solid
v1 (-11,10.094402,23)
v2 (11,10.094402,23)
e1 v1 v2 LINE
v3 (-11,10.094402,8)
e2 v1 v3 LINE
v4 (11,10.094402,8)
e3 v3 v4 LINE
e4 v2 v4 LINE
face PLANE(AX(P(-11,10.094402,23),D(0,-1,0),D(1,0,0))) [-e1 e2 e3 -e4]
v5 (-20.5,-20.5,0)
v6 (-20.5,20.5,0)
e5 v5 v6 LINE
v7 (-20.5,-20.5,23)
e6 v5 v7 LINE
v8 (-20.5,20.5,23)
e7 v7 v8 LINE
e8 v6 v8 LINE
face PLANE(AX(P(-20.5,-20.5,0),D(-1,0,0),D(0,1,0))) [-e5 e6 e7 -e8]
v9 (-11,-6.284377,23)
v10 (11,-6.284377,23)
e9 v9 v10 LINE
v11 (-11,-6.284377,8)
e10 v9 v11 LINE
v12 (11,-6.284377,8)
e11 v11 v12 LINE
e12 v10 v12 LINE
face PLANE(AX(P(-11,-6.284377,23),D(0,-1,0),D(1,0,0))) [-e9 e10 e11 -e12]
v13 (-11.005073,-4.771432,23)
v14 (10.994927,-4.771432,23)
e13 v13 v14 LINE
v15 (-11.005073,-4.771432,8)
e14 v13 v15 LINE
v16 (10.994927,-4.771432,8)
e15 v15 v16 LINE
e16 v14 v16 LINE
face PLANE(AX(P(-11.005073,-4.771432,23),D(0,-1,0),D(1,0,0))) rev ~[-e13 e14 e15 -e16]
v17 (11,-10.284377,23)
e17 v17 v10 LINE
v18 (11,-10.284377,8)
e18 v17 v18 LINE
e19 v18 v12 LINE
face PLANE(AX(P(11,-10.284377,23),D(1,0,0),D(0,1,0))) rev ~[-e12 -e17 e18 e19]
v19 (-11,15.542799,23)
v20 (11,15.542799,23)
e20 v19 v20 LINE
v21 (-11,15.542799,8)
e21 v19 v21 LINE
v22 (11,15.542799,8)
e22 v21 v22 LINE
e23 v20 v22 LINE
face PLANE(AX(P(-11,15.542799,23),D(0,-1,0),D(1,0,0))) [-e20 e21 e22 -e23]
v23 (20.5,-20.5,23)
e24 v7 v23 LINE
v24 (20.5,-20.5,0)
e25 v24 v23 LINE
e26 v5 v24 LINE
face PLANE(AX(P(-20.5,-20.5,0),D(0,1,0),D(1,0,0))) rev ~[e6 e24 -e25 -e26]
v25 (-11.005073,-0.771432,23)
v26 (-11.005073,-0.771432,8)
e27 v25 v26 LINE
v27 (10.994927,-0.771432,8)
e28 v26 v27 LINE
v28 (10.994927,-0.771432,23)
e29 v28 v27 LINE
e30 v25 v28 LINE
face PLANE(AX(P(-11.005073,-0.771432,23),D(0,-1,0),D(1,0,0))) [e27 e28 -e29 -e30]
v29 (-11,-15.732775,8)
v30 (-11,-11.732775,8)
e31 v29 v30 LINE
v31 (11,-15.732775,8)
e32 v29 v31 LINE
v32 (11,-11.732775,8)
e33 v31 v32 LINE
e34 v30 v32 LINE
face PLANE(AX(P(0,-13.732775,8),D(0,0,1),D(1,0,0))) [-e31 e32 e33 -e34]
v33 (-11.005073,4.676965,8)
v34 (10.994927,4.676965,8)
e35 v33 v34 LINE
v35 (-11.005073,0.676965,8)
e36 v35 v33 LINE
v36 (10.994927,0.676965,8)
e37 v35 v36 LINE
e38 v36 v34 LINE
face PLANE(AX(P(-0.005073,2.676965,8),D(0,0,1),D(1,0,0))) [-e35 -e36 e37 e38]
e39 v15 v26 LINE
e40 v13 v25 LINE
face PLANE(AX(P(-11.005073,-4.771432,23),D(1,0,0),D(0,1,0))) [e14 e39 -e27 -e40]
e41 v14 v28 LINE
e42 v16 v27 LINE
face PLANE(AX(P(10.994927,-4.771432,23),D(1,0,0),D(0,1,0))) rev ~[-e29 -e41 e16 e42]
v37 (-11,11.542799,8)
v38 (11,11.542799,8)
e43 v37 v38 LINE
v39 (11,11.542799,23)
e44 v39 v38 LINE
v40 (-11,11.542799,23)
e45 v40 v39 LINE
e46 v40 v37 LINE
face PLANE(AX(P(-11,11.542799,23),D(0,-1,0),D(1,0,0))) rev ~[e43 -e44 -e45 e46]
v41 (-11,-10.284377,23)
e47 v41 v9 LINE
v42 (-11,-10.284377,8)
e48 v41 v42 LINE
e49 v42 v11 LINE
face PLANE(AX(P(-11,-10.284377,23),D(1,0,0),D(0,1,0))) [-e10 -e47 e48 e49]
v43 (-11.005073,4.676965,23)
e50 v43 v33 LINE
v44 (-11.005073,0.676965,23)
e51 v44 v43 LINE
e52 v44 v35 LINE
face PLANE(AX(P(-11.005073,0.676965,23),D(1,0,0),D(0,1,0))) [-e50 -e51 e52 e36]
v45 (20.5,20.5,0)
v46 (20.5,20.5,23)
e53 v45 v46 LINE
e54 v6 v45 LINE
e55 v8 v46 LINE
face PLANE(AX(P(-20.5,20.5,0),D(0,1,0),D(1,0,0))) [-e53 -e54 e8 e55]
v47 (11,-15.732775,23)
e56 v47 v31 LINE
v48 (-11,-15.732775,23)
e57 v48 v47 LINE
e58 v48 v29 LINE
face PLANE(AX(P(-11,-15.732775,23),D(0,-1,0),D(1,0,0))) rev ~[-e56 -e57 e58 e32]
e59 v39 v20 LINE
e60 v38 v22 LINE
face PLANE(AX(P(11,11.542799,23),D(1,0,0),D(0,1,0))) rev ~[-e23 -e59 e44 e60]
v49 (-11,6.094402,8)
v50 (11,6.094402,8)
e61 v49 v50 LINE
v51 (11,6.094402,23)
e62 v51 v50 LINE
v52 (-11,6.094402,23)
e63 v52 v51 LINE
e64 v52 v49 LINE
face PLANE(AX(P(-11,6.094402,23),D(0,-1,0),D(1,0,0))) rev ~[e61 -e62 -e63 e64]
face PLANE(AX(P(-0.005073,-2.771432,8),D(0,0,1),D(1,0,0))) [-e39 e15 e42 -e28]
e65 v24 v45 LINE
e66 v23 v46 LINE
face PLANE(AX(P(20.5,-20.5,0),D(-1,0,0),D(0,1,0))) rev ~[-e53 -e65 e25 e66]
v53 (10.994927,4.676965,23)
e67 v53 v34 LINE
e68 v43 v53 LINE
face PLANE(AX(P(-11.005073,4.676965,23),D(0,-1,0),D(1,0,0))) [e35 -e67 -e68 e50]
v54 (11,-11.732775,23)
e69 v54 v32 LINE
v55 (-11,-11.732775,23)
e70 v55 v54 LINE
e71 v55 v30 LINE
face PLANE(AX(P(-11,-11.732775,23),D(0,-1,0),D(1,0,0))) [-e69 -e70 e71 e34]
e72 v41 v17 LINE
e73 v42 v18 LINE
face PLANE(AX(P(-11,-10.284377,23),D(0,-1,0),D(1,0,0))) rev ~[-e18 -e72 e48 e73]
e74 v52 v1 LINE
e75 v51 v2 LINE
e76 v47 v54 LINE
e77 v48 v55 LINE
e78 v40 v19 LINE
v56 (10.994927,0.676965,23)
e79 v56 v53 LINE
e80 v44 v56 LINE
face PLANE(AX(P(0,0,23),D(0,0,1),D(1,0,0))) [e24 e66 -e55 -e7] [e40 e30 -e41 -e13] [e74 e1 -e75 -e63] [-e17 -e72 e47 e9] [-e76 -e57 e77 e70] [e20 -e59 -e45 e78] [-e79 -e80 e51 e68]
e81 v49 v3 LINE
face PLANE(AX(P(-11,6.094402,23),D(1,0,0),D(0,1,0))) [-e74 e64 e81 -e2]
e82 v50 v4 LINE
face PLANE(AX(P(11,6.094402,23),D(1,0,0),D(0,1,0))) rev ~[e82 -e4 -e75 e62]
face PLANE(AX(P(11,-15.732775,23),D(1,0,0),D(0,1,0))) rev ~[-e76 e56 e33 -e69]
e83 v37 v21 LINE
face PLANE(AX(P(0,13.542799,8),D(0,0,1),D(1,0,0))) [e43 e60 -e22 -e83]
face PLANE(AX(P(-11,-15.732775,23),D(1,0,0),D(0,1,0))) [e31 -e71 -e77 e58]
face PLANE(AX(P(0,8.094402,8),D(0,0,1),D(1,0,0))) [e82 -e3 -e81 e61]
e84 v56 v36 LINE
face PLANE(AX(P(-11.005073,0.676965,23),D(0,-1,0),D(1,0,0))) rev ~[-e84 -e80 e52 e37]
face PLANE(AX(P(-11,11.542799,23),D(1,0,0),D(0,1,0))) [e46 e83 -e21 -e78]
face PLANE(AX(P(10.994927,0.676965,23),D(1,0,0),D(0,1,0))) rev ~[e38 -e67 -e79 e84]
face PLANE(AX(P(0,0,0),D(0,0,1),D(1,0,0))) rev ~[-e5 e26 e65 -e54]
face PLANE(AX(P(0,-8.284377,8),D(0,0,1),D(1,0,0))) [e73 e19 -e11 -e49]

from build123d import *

# Parameters (mm, degrees)
F0_W     = 41
F0_H     = 41
F1_DEPTH = 23
F2_W     = 22
F2_H     = 4
F3_DEPTH = 15


with BuildPart() as f1:
    # F0 (on Top) → F1 (new body)
    with BuildSketch(Plane.XY):
        Rectangle(F0_W, F0_H)
    extrude(amount=F1_DEPTH)

    # F2 (on face) → F3 (cut)
    with BuildSketch(Plane.XY.offset(23)):
        with Locations((0, 13.542799)):
            Rectangle(F2_W, F2_H)
        with Locations((0, 8.094402)):
            Rectangle(F2_W, F2_H)
        with Locations((-0.005073, 2.676965)):
            Rectangle(F2_W, F2_H)
        with Locations((-0.005073, -2.771432)):
            Rectangle(F2_W, F2_H)
        with Locations((0, -8.284377)):
            Rectangle(F2_W, F2_H)
        with Locations((0, -13.732775)):
            Rectangle(F2_W, F2_H)
    extrude(amount=-F3_DEPTH, mode=Mode.SUBTRACT)


solid = f1.part
